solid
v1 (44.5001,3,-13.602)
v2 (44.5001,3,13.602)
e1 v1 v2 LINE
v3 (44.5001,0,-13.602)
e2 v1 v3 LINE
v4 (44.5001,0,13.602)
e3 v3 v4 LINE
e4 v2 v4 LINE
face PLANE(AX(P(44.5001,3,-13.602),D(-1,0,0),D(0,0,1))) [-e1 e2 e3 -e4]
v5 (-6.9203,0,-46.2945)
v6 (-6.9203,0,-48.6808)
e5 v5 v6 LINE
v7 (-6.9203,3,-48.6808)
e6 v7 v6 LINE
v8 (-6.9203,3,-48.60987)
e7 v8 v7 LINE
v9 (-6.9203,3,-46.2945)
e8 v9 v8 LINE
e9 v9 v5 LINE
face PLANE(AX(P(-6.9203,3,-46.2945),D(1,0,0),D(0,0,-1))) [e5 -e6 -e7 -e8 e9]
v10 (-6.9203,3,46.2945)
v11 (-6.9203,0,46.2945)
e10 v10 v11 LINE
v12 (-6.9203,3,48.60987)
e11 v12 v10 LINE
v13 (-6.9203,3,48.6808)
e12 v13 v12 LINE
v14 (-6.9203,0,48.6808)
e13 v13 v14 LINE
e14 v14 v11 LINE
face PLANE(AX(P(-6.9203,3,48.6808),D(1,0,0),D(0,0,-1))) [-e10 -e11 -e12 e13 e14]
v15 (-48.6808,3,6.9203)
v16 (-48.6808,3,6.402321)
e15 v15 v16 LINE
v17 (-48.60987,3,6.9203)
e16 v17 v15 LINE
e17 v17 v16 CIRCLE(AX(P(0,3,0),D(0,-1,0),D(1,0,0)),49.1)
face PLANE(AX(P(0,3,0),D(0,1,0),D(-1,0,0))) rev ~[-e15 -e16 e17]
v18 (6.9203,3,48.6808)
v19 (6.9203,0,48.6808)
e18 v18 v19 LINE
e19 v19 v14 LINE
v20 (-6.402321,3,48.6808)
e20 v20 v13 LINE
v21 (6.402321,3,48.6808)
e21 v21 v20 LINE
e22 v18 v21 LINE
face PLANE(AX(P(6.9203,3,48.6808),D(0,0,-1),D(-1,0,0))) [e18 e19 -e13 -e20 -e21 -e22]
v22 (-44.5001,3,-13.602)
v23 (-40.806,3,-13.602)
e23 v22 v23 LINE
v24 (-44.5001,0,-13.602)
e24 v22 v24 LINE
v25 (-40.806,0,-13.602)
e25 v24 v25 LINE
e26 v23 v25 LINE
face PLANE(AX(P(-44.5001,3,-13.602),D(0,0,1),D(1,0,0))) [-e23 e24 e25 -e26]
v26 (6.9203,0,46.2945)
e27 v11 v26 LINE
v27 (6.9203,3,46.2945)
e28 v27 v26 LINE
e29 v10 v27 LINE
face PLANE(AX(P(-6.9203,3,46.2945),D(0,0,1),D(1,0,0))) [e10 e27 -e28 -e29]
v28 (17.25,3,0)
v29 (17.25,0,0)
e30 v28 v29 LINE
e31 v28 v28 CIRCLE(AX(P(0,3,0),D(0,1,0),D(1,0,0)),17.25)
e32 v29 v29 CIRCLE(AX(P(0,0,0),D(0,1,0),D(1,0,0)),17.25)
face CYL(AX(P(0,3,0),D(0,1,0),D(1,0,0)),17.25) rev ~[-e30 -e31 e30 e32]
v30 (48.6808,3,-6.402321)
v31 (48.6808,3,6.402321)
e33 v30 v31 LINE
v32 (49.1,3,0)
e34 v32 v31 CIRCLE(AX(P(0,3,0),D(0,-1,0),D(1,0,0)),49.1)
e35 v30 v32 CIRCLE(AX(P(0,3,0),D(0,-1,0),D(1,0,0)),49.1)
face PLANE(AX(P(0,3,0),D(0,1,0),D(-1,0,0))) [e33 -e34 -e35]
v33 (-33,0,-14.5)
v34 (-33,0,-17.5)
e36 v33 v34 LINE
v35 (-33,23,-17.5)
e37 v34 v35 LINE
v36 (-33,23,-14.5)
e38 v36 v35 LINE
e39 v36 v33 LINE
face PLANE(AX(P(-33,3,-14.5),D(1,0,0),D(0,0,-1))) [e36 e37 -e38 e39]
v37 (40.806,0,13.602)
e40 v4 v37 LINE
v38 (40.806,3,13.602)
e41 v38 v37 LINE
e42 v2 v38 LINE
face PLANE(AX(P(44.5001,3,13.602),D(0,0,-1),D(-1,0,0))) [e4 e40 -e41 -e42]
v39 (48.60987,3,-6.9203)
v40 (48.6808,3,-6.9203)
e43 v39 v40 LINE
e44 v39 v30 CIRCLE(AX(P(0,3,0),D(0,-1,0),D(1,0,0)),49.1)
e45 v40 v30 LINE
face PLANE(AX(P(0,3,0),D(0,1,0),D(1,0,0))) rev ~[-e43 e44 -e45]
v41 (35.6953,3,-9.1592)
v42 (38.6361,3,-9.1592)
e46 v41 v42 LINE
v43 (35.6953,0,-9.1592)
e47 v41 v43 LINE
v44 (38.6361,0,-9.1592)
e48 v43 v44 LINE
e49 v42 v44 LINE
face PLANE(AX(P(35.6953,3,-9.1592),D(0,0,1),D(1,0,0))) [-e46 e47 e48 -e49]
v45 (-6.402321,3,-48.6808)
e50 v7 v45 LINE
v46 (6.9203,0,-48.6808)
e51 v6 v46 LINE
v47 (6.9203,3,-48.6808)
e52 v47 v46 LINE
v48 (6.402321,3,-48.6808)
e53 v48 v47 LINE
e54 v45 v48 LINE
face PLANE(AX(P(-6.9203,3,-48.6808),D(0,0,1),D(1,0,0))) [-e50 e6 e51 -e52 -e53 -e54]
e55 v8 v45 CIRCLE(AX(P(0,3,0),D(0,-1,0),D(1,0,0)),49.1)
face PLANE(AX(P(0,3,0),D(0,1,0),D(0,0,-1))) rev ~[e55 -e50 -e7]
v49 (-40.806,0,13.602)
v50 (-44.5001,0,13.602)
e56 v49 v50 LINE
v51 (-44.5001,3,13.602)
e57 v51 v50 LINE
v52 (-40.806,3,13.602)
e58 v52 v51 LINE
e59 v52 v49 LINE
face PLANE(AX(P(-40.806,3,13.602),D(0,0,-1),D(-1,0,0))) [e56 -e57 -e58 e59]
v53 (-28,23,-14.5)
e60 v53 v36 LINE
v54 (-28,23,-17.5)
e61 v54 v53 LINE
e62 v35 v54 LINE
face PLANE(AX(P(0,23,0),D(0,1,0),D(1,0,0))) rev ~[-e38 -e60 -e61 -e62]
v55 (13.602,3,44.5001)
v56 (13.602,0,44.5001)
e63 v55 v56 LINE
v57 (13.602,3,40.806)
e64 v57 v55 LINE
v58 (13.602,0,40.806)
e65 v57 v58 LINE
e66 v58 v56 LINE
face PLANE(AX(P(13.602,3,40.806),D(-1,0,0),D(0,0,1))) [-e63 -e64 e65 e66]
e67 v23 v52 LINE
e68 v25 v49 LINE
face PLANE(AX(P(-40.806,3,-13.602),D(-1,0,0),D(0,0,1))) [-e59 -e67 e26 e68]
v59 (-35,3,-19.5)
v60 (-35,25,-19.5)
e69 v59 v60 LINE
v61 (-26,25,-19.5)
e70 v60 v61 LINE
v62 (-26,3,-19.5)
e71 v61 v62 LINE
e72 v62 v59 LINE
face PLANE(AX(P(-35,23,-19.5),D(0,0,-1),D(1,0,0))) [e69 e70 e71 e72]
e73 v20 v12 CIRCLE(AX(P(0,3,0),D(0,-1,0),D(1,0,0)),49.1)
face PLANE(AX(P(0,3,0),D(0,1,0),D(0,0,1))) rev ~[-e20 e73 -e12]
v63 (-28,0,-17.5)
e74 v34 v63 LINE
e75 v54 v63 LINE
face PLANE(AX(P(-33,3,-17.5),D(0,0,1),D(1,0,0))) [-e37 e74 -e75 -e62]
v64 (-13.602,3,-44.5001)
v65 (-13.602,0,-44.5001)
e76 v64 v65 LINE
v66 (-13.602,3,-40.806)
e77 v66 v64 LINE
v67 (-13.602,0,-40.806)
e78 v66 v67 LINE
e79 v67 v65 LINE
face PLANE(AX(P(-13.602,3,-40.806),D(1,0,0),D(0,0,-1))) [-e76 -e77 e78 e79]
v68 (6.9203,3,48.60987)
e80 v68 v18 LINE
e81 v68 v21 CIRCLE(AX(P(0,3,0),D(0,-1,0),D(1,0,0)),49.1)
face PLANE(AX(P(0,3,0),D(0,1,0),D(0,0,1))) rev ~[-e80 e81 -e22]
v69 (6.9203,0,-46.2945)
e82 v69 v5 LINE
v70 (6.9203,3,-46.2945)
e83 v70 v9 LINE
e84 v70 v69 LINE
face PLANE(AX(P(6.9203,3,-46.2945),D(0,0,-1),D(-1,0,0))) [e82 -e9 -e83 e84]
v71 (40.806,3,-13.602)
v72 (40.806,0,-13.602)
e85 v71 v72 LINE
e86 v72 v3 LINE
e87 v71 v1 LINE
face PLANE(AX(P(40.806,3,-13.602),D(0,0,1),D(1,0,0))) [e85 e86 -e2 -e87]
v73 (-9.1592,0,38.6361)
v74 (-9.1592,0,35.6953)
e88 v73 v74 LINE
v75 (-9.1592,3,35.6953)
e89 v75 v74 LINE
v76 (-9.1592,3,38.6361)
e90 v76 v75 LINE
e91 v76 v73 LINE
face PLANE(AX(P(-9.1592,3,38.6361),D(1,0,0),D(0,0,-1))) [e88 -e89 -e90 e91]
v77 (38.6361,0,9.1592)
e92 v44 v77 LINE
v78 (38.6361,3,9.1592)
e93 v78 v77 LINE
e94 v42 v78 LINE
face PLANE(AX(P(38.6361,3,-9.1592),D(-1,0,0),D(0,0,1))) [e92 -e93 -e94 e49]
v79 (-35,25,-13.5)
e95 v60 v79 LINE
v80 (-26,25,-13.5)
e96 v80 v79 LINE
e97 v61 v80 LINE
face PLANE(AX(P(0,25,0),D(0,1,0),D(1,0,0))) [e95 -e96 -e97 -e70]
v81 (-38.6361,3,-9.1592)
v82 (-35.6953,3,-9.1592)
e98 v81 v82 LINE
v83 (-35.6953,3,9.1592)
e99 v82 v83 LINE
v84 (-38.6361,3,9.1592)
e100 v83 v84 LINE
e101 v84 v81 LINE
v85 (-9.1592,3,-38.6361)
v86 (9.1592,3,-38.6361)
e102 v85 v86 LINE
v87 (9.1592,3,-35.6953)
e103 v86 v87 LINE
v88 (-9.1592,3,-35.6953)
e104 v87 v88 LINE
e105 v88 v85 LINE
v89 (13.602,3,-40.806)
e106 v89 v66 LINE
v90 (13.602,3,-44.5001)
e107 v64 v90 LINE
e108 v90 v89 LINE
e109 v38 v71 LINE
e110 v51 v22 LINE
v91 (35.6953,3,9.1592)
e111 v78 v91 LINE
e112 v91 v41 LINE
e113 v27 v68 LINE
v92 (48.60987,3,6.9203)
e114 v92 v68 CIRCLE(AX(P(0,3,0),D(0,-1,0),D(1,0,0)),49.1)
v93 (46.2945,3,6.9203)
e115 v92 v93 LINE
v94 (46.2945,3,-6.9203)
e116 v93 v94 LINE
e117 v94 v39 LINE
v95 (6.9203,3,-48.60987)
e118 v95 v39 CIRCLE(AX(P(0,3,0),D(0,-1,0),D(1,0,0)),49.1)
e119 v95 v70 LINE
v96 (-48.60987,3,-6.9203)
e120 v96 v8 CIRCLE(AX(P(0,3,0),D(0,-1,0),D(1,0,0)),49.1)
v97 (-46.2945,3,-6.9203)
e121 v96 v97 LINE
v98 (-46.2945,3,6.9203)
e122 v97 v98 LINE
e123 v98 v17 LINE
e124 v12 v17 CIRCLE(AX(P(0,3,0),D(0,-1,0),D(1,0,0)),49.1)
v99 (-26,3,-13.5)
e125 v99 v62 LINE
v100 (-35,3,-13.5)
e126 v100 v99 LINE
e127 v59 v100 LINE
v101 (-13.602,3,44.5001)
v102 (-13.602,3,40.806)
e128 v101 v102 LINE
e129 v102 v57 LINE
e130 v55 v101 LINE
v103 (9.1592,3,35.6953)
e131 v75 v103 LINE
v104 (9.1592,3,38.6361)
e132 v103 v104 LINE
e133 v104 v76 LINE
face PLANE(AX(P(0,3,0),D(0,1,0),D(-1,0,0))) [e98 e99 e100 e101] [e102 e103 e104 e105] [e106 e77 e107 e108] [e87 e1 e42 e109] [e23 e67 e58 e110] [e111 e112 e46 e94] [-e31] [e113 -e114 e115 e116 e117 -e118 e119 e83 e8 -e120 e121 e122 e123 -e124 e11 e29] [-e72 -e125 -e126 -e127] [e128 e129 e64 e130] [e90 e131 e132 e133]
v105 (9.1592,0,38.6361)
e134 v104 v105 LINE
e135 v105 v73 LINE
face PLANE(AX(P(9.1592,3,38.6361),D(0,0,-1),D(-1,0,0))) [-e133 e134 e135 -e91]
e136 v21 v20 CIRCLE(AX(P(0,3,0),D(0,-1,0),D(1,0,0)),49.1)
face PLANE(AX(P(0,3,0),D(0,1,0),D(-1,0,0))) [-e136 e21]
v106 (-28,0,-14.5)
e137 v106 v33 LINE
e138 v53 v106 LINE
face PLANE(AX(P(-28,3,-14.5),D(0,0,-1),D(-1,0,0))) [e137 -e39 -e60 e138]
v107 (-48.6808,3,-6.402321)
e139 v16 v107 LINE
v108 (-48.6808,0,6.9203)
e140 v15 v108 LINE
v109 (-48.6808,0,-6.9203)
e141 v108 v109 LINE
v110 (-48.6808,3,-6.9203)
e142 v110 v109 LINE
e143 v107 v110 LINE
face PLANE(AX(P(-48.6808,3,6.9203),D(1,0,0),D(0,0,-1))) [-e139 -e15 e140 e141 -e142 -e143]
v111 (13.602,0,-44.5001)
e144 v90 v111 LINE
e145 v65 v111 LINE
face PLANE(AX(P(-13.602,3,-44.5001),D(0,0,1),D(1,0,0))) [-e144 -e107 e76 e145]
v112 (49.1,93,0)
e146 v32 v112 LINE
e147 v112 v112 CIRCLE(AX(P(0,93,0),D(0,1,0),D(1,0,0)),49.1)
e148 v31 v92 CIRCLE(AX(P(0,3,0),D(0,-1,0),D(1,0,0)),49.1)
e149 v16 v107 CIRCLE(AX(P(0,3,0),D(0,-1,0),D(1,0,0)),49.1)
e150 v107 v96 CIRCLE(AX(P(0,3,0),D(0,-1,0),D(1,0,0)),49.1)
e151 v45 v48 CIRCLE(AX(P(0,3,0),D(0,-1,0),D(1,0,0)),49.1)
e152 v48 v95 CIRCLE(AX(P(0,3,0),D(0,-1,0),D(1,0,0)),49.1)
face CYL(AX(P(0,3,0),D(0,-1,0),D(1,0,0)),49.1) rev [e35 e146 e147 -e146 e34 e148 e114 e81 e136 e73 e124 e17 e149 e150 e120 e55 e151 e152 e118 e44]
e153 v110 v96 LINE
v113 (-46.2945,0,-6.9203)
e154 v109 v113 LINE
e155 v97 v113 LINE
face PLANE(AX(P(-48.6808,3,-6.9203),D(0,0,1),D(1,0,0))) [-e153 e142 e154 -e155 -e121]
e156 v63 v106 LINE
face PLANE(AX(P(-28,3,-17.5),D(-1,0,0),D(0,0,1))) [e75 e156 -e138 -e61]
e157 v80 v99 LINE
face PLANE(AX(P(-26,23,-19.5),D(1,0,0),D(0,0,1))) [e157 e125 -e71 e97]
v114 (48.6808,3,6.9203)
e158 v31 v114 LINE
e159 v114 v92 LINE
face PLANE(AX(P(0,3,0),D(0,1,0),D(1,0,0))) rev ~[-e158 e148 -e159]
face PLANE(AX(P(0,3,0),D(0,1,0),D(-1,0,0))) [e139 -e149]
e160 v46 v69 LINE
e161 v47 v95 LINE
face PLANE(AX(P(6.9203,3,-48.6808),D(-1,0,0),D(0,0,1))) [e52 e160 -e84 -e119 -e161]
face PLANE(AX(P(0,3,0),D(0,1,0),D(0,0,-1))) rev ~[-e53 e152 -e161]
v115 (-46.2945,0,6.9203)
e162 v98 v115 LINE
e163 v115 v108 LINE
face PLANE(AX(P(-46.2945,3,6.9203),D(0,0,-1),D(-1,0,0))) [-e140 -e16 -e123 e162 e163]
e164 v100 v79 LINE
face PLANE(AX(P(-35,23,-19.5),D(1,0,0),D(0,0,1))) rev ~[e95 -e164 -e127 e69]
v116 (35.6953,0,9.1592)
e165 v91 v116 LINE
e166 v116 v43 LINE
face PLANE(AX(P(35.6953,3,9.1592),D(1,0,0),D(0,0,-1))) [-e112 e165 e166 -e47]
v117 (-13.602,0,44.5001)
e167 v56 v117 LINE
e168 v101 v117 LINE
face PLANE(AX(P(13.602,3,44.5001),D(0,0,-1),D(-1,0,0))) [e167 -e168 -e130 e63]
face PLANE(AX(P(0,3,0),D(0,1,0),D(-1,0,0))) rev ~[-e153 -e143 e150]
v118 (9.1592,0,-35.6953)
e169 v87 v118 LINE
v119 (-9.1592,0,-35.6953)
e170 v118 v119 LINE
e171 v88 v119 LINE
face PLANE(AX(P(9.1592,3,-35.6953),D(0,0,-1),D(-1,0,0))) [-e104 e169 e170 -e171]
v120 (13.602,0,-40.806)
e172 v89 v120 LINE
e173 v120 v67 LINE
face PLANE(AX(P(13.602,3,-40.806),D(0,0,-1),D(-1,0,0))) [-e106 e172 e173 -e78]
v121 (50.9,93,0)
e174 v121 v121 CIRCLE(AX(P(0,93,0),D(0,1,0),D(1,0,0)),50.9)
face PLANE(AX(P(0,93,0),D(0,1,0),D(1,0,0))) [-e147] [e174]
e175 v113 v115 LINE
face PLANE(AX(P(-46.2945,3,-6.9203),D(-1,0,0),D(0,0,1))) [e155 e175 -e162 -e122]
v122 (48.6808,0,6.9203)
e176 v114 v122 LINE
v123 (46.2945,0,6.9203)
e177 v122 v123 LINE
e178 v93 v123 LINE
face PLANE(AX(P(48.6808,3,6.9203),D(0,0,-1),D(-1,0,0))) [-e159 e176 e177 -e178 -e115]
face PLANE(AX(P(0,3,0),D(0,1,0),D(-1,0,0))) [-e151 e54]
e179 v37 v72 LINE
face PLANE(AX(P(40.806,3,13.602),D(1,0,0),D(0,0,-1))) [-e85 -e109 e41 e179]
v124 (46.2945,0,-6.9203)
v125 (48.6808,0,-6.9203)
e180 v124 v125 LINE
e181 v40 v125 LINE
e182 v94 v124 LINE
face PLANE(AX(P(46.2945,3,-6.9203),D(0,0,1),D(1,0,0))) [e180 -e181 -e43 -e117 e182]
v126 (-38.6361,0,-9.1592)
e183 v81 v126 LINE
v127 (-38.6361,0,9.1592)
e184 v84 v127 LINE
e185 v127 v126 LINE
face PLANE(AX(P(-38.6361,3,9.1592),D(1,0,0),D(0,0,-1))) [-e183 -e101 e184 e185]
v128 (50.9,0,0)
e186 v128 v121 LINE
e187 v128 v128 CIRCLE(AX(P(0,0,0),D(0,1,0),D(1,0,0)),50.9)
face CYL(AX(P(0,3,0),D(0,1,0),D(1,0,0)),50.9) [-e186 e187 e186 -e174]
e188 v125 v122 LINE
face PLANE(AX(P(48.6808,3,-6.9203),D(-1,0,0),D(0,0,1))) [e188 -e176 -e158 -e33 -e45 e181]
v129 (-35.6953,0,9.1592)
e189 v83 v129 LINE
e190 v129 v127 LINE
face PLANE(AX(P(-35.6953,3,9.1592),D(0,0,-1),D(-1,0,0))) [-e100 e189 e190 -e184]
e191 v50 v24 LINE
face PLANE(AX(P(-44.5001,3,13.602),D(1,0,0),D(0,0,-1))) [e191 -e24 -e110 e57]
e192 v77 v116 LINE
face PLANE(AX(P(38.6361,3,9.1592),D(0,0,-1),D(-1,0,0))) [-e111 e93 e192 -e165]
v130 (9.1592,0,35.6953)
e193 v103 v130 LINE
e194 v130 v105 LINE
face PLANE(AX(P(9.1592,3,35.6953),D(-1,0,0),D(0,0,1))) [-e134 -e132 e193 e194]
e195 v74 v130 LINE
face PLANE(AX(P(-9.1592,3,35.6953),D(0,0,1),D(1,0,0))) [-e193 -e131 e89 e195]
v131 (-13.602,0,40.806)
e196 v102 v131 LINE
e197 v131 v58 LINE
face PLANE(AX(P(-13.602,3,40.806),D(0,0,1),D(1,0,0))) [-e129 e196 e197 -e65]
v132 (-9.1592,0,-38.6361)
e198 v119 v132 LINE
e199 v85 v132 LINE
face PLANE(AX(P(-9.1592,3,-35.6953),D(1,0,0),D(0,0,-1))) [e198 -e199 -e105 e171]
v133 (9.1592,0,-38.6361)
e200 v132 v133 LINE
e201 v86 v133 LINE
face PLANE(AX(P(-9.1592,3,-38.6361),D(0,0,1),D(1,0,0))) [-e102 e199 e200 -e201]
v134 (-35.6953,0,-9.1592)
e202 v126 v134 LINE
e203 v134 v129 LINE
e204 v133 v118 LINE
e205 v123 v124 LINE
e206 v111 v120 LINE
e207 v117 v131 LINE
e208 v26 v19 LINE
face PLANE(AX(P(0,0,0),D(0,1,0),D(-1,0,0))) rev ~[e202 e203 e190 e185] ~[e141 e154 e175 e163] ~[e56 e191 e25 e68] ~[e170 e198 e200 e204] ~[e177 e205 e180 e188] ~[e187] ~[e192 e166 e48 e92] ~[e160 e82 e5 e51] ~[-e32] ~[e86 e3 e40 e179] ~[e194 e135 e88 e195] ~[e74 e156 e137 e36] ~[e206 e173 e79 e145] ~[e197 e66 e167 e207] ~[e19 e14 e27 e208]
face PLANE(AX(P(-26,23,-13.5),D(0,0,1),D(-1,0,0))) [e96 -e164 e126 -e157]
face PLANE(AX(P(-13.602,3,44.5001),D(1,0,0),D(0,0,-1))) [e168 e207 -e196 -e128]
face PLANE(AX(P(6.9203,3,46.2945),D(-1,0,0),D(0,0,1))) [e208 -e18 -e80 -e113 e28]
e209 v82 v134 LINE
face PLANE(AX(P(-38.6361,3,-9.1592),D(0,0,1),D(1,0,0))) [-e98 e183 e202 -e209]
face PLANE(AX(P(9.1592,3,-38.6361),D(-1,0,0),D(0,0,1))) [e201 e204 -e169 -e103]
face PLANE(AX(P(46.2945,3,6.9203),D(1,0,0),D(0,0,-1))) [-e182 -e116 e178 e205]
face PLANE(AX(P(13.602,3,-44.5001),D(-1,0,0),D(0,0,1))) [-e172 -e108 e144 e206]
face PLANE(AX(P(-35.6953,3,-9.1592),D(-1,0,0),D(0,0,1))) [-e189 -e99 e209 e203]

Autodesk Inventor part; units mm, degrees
ref_plane "YZ Plane" through (0, 0, 0) normal (1, 0, 0) x (0, 1, 0)
ref_plane "XZ Plane" through (0, 0, 0) normal (0, 1, 0) x (-1, 0, 0)
ref_plane "XY Plane" through (0, 0, 0) normal (0, 0, 1) x (1, 0, 0)
sketch "Sketch1" plane through (0, 0, 0) normal (0, 1, 0) x (-1, 0, 0)
  circle A0 centre (0, 0) radius 49.1
  dimension "d12" = 98.2
extrude "Extrusion1" add sketch "Sketch1" along normal blind 3
mirror "Mirror1" about plane through (0, 0, 0) normal (0, 0, 1)
sketch "Sketch10" plane through (0, 3, 0) normal (0, 1, 0) x (1, 0, 0)
  circle A0 centre (0, 0) radius 49.1
  circle A1 centre (0, 0) radius 50.9
  dimension "d23" = 101.8
  dimension "d52" = 1.8
extrude "Extrusion4" add sketch "Sketch10" along normal blind 90 and the other way blind 3
sketch "Sketch13" plane through (0, 3, 0) normal (0, 1, 0) x (1, 0, 0)
  line L0 (-35, 13.5) -> (-26, 13.5)
  line L1 (-26, 13.5) -> (-26, 19.5)
  line L2 (-26, 19.5) -> (-35, 19.5)
  line L3 (-35, 19.5) -> (-35, 13.5)
  line L4 (-28, 14.5) -> (-33, 14.5)
  line L5 (-33, 14.5) -> (-33, 17.5)
  line L6 (-33, 17.5) -> (-28, 17.5)
  line L7 (-28, 17.5) -> (-28, 14.5)
  line L8 (0, 0) -> (0, 20.276) construction
  line L9 (-35, 13.5) -> (0, 13.5) construction
  dimension "d31" = 9
  dimension "d32" = 6
  dimension "d33" = 3
  dimension "d35" = 5
  dimension "d36" = 2
  dimension "d54" = 13.5
  dimension "d58" = 26
extrude "Extrusion6" add sketch "Sketch13" along normal blind 20
sketch "Sketch14" plane through (0, 3, 0) normal (0, 1, 0) x (1, 0, 0)
  line L0 (-33, 17.5) -> (-28, 17.5) projected
  line L1 (-28, 14.5) -> (-33, 14.5) projected
  line L2 (-33, 17.5) -> (-28, 17.5)
  line L3 (-28, 17.5) -> (-28, 14.5)
  line L4 (-28, 14.5) -> (-33, 14.5)
  line L5 (-33, 14.5) -> (-33, 17.5)
  point P0 (0, 0)
extrude "Extrusion7" cut sketch "Sketch14" against normal blind 5
sketch "Sketch15" plane through (0, 23, 0) normal (0, 1, 0) x (1, 0, 0)
  line L0 (-35, 19.5) -> (-35, 13.5) projected
  line L1 (-35, 19.5) -> (-26, 19.5)
  line L2 (-26, 19.5) -> (-26, 13.5)
  line L3 (-26, 13.5) -> (-35, 13.5)
  line L4 (-35, 13.5) -> (-35, 19.5)
  point P0 (0, 0)
extrude "Extrusion8" add sketch "Sketch15" along normal blind 2
sketch "Sketch17" plane through (0, 3, 0) normal (0, 1, 0) x (1, 0, 0)
  line L0 (48.6808, -6.9203) -> (46.2945, -6.9203)
  line L1 (46.2945, -6.9203) -> (46.2945, 6.9203)
  line L2 (46.2945, 6.9203) -> (48.6808, 6.9203)
  line L3 (48.6808, 6.9203) -> (48.6808, -6.9203)
  line L4 (48.6808, -6.9203) -> (46.2945, 6.9203) construction
  line L5 (46.2945, -6.9203) -> (48.6808, 6.9203) construction
  line L6 (44.5001, -13.602) -> (40.806, -13.602)
  line L7 (40.806, -13.602) -> (40.806, 13.602)
  line L8 (40.806, 13.602) -> (44.5001, 13.602)
  line L9 (44.5001, 13.602) -> (44.5001, -13.602)
  line L10 (44.5001, -13.602) -> (40.806, 13.602) construction
  line L11 (40.806, -13.602) -> (44.5001, 13.602) construction
  line L12 (38.6361, -9.1592) -> (35.6953, -9.1592)
  line L13 (35.6953, -9.1592) -> (35.6953, 9.1592)
  line L14 (35.6953, 9.1592) -> (38.6361, 9.1592)
  line L15 (38.6361, 9.1592) -> (38.6361, -9.1592)
  line L16 (38.6361, -9.1592) -> (35.6953, 9.1592) construction
  line L17 (35.6953, -9.1592) -> (38.6361, 9.1592) construction
  point P0 (0, 0)
  point P1 (47.4877, 0)
  point P2 (42.6531, 0)
  point P3 (37.1657, 0)
extrude "Extrusion10" cut sketch "Sketch17" against normal blind 5
pattern_circular "Circular Pattern1" count 4 over 360 about axis through (0, -10, 0) along (0, 1, 0) of "Extrusion10"
sketch "Sketch18" plane through (0, 3, 0) normal (0, 1, 0) x (1, 0, 0)
  circle A0 centre (0, 0) radius 17.25
  dimension "d55" = 34.5
extrude "Extrusion11" cut sketch "Sketch18" against normal blind 10
ref_plane "Work Plane1" through (0, 0, 0) normal (0, 0, 1) x (1, 0, 0)
properties part number "Base"
